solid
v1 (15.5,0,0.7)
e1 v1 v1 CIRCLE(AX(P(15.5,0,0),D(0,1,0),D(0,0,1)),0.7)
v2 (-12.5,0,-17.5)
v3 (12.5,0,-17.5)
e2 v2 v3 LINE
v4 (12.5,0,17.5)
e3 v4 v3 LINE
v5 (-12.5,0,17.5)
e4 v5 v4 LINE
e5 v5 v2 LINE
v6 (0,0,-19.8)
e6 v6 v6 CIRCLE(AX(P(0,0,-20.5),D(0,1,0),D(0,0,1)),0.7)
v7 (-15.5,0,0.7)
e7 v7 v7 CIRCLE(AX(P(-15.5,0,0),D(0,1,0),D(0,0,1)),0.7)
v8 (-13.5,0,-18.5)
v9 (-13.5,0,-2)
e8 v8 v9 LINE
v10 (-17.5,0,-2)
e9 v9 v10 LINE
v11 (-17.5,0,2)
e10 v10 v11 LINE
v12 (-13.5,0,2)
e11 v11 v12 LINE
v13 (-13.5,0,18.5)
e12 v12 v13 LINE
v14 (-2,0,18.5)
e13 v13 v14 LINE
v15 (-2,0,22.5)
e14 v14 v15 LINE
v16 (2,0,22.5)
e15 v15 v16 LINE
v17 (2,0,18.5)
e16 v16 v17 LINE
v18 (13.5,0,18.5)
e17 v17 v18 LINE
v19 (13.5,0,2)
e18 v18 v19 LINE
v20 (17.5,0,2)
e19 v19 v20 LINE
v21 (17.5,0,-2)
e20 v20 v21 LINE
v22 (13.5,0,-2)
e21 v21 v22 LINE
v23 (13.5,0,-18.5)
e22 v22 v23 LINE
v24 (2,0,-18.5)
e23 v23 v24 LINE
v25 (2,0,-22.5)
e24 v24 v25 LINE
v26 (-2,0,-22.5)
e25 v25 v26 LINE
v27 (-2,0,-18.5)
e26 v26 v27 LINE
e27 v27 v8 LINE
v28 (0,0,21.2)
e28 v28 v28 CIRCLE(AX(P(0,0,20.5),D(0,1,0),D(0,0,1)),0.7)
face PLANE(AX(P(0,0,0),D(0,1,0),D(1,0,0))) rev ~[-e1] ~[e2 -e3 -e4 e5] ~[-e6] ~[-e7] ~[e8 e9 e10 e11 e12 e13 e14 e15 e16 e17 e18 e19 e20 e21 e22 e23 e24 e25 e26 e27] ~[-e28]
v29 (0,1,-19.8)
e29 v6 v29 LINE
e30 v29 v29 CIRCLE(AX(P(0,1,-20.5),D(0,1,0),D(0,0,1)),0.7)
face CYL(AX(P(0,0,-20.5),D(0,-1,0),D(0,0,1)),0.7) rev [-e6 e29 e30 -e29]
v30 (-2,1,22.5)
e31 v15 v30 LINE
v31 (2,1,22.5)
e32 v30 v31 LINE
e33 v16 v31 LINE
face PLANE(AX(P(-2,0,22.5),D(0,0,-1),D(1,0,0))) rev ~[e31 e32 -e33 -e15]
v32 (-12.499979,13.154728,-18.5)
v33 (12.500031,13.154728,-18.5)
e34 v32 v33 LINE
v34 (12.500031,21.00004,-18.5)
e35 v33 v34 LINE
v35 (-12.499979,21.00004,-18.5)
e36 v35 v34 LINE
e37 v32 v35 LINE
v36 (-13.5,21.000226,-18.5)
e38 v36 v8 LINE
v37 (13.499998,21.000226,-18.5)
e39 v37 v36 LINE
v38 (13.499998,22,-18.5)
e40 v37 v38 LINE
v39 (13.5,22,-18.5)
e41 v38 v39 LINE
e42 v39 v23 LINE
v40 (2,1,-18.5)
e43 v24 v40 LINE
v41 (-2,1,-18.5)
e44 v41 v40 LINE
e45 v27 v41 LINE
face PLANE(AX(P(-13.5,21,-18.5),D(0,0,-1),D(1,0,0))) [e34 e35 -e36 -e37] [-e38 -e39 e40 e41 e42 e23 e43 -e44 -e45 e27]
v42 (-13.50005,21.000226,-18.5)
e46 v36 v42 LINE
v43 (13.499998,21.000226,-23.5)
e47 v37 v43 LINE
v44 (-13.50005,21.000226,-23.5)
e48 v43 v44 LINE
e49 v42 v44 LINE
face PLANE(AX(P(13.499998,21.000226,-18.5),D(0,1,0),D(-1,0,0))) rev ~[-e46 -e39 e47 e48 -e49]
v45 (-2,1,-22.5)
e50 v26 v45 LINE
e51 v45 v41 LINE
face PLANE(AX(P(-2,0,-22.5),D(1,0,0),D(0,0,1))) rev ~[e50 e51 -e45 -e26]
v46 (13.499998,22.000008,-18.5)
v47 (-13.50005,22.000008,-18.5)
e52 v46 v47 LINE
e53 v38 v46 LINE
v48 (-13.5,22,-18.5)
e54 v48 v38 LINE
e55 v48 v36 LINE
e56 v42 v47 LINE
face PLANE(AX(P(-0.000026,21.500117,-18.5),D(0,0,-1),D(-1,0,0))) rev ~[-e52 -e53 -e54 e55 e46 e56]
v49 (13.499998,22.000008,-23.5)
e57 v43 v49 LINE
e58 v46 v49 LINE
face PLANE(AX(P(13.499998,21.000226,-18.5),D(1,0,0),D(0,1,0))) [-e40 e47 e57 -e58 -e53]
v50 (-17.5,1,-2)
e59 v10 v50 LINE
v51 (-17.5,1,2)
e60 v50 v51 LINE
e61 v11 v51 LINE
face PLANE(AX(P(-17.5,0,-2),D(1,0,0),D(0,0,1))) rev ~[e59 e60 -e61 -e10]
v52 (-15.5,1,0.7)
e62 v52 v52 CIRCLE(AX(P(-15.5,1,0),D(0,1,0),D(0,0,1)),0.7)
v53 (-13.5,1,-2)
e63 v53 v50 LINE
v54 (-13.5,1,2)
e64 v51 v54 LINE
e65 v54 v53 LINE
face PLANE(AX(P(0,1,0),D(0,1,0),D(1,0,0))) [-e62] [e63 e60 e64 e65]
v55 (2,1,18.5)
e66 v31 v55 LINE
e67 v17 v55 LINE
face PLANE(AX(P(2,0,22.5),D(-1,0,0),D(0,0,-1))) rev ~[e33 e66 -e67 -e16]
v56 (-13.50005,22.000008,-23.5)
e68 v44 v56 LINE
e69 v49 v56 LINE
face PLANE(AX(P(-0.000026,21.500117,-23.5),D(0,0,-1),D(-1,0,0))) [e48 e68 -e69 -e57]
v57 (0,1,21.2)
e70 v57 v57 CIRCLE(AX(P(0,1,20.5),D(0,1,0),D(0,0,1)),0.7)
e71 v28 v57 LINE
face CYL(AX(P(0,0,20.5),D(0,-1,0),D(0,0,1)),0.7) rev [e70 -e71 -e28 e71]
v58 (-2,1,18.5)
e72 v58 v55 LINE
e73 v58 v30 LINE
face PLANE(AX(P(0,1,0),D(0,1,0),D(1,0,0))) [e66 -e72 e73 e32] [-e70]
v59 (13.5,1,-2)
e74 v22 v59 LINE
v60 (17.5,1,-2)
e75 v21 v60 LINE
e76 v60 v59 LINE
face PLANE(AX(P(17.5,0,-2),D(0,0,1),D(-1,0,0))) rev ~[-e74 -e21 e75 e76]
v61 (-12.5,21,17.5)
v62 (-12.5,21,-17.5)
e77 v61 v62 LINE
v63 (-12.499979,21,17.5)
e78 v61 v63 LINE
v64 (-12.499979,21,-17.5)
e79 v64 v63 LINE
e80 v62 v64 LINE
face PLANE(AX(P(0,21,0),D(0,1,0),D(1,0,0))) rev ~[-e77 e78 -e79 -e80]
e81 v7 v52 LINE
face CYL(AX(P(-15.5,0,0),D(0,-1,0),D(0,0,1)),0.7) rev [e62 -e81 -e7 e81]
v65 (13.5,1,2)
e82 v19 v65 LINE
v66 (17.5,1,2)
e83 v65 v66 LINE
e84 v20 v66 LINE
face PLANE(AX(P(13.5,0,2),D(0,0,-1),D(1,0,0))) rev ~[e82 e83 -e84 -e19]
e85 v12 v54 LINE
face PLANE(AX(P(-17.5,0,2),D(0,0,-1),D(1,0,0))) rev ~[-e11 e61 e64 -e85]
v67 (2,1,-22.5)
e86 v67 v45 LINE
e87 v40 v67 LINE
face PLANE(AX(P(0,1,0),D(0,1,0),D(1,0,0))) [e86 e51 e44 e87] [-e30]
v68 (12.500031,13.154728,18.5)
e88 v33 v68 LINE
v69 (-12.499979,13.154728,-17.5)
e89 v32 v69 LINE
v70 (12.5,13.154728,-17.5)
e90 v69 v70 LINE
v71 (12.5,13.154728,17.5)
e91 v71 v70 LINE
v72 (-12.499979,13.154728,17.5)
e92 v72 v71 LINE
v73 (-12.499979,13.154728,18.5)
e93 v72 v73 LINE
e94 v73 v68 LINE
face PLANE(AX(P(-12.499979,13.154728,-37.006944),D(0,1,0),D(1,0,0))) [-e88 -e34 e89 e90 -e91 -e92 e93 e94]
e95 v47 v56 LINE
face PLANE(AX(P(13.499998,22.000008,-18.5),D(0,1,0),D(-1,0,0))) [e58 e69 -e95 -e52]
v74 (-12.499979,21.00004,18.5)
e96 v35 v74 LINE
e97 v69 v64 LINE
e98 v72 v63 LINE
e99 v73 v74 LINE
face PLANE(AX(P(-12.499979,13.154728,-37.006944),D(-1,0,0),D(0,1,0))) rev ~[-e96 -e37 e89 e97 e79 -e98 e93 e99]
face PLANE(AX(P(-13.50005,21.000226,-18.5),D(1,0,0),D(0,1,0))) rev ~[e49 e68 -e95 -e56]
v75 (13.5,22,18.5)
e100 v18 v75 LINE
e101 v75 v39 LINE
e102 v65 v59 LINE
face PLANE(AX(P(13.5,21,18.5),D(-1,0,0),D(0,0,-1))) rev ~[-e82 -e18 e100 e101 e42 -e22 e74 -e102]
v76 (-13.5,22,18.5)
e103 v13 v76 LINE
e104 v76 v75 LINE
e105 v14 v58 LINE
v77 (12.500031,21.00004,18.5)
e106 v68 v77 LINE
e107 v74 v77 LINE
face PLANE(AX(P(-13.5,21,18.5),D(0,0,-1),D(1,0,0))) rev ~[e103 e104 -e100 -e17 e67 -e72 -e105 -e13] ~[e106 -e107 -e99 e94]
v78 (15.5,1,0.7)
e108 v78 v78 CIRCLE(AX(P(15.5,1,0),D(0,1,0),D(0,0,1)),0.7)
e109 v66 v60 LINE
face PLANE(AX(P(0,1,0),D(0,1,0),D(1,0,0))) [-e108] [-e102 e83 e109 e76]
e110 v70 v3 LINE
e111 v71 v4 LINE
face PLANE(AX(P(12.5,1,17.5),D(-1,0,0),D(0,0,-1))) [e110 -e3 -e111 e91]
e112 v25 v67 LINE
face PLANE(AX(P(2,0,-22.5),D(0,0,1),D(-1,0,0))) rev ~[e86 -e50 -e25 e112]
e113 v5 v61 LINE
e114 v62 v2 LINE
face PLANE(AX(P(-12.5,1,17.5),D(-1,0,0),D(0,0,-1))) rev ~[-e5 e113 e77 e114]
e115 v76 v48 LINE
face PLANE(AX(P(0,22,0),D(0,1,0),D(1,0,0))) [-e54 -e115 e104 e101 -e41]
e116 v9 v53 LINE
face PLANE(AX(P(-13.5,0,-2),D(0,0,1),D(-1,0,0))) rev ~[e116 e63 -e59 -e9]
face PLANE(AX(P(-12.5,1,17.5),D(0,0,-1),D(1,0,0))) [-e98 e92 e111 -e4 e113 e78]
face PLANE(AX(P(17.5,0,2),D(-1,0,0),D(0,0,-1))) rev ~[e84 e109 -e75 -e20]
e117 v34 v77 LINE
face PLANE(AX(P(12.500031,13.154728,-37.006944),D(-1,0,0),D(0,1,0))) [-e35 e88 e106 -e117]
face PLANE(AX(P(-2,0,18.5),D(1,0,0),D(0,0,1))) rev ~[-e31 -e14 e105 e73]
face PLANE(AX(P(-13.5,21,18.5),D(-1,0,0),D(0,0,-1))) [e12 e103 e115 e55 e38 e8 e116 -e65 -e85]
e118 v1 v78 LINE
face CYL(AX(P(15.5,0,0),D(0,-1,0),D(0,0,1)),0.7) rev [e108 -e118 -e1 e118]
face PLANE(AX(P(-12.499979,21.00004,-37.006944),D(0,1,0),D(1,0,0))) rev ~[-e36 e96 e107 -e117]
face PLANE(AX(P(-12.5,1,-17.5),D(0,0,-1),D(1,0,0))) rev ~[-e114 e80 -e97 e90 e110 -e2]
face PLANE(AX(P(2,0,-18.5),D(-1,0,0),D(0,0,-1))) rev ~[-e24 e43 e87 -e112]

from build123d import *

# Parameters (mm, degrees)
SKETCH_1_R               = 0.7
SKETCH_1_W               = 25
SKETCH_1_H               = 35
EXTRUDE_1_DEPTH          = 1
SKETCH_3_W               = 27
SKETCH_3_H               = 37
SKETCH_3_W_2             = 25
SKETCH_3_H_2             = 35
EXTRUDE_2_DEPTH          = 20
SKETCH_4_W               = 27
SKETCH_4_H               = 37
EXTRUDE_3_DEPTH          = 1
CUT_EXTRUDE_1_DEPTH      = 37.006943775
CUT_EXTRUDE_1_DEPTH_BACK = 37.006943775
SKETCH_5_W               = 25.000009511
SKETCH_5_H               = 7.845312142
SKETCH_6_W               = 27.00004857
SKETCH_6_H               = 0.999781596
EXTRUDE_4_DEPTH          = 5


with BuildPart() as part:
    # 草图1 → 凸台-拉伸1 (new body)
    with BuildSketch(Plane(origin=(0, 0, 0), x_dir=(1, 0, 0), z_dir=(0, 1, 0))):
        Polygon((-13.5, -2), (-13.5, -18.5), (-2, -18.5), (-2, -22.5), (2, -22.5), (2, -18.5), (13.5, -18.5), (13.5, -2), (17.5, -2), (17.5, 2), (13.5, 2), (13.5, 18.5), (2, 18.5), (2, 22.5), (-2, 22.5), (-2, 18.5), (-13.5, 18.5), (-13.5, 2), (-17.5, 2), (-17.5, -2), align=None)
        with Locations(Location((-15.5, 0, 0), (0, 0, 270))):
            Circle(SKETCH_1_R, mode=Mode.SUBTRACT)
        with Locations(Location((15.5, 0, 0), (0, 0, 270))):
            Circle(SKETCH_1_R, mode=Mode.SUBTRACT)
        with Locations(Location((0, 20.5, 0), (0, 0, 270))):
            Circle(SKETCH_1_R, mode=Mode.SUBTRACT)
        with Locations(Location((0, -20.5, 0), (0, 0, 270))):
            Circle(SKETCH_1_R, mode=Mode.SUBTRACT)
        Rectangle(SKETCH_1_W, SKETCH_1_H, mode=Mode.SUBTRACT)
    extrude(amount=EXTRUDE_1_DEPTH)

    # 草图3 → 凸台-拉伸2 (add)
    with BuildSketch(Plane(origin=(0, 1, 0), x_dir=(1, 0, 0), z_dir=(0, 1, 0))):
        Rectangle(SKETCH_3_W, SKETCH_3_H)
        Rectangle(SKETCH_3_W_2, SKETCH_3_H_2, mode=Mode.SUBTRACT)
    extrude(amount=EXTRUDE_2_DEPTH)

    # 草图4 → 凸台-拉伸3 (add)
    with BuildSketch(Plane(origin=(0, 21, 0), x_dir=(1, 0, 0), z_dir=(0, 1, 0))):
        Rectangle(SKETCH_4_W, SKETCH_4_H)
    extrude(amount=EXTRUDE_3_DEPTH)

    # 草图5 → 切除-拉伸1 (cut, two sides: drawn at the far end of the back side and taken through both)
    with BuildSketch(Plane.XY.offset(-CUT_EXTRUDE_1_DEPTH_BACK)):
        with Locations((2.6183e-05, 17.077384412)):
            Rectangle(SKETCH_5_W, SKETCH_5_H)
    extrude(amount=CUT_EXTRUDE_1_DEPTH + CUT_EXTRUDE_1_DEPTH_BACK, mode=Mode.SUBTRACT)

    # 草图6 → 凸台-拉伸4 (add)
    with BuildSketch(Plane(origin=(0, 0, -18.5), x_dir=(-1, 0, 0), z_dir=(0, 0, -1))):
        with Locations((2.5906e-05, 21.500116927)):
            Rectangle(SKETCH_6_W, SKETCH_6_H)
    extrude(amount=EXTRUDE_4_DEPTH)


solid = part.part
